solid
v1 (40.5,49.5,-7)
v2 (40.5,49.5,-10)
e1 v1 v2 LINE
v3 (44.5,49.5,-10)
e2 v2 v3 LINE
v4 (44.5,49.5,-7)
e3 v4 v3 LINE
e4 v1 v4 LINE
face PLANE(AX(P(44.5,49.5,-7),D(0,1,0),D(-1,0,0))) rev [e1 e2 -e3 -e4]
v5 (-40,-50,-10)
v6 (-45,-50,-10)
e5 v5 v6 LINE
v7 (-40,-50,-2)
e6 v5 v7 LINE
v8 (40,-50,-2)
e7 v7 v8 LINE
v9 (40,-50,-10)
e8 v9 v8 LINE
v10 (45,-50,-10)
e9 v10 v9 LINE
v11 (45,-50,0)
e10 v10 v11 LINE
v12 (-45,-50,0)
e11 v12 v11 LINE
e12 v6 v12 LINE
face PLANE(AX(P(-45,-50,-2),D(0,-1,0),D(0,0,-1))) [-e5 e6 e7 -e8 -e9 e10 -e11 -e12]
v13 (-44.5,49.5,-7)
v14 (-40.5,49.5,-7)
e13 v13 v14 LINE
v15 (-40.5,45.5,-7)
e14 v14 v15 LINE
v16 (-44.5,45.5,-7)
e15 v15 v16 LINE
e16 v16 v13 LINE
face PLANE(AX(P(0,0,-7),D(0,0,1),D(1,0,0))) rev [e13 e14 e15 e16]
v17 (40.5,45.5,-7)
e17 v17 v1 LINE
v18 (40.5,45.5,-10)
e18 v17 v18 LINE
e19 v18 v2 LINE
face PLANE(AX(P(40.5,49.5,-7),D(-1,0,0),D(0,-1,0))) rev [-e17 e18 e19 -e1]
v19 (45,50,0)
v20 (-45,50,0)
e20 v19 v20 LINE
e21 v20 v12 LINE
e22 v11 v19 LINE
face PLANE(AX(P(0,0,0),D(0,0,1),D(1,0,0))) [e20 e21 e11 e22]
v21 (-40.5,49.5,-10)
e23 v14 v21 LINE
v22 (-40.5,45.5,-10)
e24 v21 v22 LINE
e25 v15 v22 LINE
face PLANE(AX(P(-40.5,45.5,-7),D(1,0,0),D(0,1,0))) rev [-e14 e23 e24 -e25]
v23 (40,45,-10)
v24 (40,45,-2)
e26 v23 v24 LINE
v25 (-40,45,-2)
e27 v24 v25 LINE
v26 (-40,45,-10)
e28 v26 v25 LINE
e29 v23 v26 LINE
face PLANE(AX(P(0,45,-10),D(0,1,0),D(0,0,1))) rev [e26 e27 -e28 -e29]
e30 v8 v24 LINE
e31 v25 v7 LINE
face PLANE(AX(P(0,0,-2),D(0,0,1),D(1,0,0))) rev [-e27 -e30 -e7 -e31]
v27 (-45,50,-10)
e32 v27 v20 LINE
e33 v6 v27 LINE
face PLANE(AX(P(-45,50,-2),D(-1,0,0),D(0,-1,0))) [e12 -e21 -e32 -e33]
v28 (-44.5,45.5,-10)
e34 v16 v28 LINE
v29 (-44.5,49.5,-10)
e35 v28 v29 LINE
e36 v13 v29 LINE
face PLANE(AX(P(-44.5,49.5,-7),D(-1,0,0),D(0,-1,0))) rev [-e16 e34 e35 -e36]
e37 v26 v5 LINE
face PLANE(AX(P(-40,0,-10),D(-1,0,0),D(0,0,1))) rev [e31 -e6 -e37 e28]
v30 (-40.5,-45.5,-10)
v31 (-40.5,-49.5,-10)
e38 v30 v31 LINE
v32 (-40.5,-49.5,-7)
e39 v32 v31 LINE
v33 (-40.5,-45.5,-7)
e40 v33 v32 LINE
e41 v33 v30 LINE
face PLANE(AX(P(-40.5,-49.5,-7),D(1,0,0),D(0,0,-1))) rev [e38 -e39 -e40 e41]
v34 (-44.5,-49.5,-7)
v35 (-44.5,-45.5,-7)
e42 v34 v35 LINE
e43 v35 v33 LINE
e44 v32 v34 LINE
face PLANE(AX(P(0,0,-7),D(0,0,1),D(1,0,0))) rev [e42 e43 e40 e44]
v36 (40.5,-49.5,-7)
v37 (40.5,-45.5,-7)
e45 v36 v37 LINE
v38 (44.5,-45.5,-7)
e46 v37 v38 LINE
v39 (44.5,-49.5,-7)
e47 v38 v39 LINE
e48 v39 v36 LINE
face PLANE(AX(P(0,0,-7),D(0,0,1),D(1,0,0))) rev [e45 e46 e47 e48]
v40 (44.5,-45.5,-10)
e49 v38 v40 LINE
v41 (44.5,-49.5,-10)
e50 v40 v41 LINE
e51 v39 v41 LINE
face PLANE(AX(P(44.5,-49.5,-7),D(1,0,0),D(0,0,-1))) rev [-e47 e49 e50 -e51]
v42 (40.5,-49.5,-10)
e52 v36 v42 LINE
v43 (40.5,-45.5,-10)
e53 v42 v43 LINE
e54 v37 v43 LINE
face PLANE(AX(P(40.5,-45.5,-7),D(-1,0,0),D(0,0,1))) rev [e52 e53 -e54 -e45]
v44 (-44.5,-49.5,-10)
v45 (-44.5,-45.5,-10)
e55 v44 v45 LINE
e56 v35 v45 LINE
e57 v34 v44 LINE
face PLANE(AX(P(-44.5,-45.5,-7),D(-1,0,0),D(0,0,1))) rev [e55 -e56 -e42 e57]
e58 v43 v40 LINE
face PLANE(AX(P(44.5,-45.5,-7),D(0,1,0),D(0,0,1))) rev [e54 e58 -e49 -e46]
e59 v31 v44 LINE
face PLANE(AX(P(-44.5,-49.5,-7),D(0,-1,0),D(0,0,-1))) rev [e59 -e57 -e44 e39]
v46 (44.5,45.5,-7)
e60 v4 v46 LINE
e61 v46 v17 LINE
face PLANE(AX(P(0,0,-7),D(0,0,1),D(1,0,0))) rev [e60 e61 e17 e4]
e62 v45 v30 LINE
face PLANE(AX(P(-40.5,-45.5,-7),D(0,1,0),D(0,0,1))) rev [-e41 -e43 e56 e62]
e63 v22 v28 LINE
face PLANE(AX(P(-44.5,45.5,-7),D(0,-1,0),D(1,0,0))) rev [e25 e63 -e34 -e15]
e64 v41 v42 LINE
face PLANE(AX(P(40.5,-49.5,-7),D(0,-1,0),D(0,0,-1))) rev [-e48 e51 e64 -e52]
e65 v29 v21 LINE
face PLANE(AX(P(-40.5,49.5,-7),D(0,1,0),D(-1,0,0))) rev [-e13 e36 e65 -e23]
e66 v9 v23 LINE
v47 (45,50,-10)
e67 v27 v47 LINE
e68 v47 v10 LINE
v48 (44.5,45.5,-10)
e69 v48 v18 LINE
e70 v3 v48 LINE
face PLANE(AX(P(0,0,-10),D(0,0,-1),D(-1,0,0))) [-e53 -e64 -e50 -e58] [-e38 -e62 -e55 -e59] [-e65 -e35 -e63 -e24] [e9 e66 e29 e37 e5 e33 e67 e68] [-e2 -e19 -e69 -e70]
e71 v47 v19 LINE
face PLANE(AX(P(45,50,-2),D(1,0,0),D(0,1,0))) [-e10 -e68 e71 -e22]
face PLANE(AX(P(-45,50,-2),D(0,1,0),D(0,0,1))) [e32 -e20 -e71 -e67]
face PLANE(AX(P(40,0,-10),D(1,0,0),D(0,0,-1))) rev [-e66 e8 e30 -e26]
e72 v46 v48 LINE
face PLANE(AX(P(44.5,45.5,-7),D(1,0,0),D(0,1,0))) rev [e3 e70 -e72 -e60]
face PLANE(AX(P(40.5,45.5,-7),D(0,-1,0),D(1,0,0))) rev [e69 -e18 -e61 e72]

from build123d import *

# Parameters (mm, degrees)
SKETCH1_W           = 90
SKETCH1_H           = 100
BOSS_EXTRUDE1_DEPTH = 2
BOSS_EXTRUDE2_DEPTH = 8
SKETCH3_W           = 4
SKETCH3_H           = 4
CUT_EXTRUDE2_DEPTH  = 3


with BuildPart() as part:
    # Sketch1 → Boss-Extrude1 (new body)
    with BuildSketch(Plane.XY):
        Rectangle(SKETCH1_W, SKETCH1_H)
    extrude(amount=-BOSS_EXTRUDE1_DEPTH)

    # Sketch2 → Boss-Extrude2 (add)
    with BuildSketch(Plane(origin=(0, 0, -2), x_dir=(-1, 0, 0), z_dir=(0, 0, -1))):
        Polygon((-45, 50), (-45, -50), (-40, -50), (-40, -47.5), (-40, 45), (40, 45), (40, -47.5), (40, -50), (45, -50), (45, 50), align=None)
    extrude(amount=BOSS_EXTRUDE2_DEPTH)

    # Sketch3 → Cut-Extrude2 (cut)
    with BuildSketch(Plane(origin=(0, 0, -10), x_dir=(-1, 0, 0), z_dir=(0, 0, -1))):
        with Locations((-42.5, 47.5)):
            Rectangle(SKETCH3_W, SKETCH3_H)
        with Locations((42.5, 47.5)):
            Rectangle(SKETCH3_W, SKETCH3_H)
        with Locations((42.5, -47.5)):
            Rectangle(SKETCH3_W, SKETCH3_H)
        with Locations((-42.5, -47.5)):
            Rectangle(SKETCH3_W, SKETCH3_H)
    extrude(amount=-CUT_EXTRUDE2_DEPTH, mode=Mode.SUBTRACT)


solid = part.part
